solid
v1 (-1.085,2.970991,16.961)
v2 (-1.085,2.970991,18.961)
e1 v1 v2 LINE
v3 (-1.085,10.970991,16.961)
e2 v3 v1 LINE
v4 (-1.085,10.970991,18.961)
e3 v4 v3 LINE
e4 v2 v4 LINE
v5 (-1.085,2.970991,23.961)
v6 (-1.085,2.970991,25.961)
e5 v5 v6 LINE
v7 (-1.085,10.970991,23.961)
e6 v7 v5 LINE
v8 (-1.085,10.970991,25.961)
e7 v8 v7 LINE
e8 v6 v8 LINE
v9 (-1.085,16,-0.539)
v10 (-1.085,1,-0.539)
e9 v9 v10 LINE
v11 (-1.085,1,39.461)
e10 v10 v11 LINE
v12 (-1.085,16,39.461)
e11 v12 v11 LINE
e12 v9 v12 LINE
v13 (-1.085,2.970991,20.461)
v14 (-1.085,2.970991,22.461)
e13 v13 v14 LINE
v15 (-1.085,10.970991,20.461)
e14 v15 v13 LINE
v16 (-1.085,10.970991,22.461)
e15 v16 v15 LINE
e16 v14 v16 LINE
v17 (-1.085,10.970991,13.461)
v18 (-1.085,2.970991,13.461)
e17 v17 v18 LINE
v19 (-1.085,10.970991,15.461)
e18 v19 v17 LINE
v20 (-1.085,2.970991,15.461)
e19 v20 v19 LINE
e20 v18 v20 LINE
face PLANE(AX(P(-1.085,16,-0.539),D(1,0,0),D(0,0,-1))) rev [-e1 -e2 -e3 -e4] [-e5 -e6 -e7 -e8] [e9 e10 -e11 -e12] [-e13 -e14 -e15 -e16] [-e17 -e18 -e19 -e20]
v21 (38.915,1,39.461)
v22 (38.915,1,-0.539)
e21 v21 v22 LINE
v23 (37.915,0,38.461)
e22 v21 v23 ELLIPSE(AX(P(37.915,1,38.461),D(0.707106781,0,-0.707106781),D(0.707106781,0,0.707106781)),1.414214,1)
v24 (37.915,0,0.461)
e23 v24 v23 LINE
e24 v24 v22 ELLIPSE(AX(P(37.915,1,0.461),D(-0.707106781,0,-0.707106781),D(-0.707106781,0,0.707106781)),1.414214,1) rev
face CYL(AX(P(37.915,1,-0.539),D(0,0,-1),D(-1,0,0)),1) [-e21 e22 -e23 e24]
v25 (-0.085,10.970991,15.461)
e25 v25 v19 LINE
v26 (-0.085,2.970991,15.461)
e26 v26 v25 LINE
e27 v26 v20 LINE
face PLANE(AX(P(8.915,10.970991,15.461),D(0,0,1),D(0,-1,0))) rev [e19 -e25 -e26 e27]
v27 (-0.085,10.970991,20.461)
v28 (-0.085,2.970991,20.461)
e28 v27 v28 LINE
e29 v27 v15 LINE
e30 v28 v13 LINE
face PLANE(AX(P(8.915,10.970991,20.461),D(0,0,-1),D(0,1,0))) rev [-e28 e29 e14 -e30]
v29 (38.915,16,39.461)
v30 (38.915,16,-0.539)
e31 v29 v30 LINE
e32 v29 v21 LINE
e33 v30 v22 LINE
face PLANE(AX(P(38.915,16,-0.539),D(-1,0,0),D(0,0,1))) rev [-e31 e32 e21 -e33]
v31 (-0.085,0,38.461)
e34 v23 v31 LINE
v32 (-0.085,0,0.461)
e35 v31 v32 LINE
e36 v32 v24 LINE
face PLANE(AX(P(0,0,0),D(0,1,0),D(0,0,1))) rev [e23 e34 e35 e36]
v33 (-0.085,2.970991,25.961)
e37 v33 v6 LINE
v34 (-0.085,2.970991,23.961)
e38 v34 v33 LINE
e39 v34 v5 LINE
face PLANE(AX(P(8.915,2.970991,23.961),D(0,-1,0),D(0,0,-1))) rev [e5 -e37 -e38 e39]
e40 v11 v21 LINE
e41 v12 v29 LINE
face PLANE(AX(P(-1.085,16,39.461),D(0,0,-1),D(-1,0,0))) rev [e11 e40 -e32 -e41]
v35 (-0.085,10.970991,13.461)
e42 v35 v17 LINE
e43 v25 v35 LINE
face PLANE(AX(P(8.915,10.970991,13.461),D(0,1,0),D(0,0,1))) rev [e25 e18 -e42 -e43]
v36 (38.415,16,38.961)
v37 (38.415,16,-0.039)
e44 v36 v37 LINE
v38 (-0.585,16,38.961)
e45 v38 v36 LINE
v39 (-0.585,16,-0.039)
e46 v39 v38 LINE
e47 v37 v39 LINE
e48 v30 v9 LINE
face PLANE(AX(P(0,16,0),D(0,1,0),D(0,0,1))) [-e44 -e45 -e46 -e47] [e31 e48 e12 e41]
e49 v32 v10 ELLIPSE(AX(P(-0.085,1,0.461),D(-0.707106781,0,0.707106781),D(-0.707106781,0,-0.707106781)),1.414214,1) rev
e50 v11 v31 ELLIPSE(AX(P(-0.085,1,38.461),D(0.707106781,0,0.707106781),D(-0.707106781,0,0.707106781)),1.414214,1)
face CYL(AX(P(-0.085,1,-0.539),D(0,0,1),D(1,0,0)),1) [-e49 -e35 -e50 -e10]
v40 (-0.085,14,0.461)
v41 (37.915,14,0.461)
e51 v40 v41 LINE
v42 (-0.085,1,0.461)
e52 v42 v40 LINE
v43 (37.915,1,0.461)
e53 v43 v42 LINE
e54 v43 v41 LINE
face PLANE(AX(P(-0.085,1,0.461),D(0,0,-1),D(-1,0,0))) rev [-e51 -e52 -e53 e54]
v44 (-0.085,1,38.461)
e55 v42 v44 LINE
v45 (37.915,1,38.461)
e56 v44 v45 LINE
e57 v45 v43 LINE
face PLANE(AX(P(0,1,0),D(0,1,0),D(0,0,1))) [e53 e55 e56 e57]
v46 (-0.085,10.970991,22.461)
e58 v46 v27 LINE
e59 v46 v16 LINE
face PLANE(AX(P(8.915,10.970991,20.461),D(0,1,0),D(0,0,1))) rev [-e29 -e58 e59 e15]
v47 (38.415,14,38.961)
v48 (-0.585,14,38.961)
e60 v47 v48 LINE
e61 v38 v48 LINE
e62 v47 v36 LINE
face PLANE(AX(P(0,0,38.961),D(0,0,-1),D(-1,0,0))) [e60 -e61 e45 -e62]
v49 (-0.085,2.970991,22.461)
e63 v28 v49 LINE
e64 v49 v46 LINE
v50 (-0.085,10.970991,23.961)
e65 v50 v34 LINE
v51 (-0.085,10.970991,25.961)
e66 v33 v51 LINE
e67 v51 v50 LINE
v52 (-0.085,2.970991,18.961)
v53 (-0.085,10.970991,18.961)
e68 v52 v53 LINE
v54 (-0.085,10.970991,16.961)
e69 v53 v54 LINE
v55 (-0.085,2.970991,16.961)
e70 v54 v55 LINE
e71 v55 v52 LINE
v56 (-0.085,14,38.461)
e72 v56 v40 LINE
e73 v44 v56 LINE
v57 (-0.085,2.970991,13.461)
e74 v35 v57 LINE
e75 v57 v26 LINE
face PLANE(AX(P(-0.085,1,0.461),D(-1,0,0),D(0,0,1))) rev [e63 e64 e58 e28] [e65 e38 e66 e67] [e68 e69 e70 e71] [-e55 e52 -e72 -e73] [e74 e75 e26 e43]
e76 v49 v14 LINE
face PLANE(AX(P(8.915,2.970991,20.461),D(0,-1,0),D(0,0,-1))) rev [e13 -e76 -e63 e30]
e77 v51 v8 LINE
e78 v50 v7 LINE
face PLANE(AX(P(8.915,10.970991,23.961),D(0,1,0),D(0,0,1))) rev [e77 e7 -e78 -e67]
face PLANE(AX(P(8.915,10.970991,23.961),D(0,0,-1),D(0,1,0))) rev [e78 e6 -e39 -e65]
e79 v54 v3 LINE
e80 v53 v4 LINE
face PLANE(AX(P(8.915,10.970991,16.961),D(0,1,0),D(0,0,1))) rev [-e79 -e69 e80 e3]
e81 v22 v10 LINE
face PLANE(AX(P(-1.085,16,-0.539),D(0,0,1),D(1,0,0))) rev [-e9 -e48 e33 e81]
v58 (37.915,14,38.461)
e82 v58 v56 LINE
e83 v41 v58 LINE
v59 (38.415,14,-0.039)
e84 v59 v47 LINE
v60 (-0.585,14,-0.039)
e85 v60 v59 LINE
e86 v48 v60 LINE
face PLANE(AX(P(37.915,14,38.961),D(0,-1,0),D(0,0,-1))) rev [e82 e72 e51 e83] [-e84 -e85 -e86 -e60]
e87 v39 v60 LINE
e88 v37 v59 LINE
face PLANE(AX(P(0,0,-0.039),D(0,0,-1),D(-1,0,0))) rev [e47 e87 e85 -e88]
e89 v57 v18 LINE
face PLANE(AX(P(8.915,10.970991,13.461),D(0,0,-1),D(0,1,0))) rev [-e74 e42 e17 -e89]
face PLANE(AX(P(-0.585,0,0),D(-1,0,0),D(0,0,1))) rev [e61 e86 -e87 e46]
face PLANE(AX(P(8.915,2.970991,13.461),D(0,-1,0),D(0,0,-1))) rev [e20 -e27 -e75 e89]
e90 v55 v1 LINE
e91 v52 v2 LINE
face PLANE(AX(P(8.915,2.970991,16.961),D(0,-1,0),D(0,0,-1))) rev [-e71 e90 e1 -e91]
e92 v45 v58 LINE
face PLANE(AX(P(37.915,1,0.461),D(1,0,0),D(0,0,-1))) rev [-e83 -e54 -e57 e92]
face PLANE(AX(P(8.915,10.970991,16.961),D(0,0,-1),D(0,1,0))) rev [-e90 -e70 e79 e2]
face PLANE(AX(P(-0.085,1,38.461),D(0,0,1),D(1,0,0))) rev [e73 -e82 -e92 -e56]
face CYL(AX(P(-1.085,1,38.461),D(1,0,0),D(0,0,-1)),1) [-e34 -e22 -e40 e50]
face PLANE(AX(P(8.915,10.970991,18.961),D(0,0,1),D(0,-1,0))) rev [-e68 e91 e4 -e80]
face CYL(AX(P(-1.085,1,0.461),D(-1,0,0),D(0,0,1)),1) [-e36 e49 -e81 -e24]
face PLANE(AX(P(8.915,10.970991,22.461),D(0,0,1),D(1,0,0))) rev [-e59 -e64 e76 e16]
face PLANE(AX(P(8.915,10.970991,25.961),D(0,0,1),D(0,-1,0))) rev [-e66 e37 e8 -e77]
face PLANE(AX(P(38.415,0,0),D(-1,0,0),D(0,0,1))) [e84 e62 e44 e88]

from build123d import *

# Parameters (mm, degrees)
SKETCH_1_W          = 40
SKETCH_1_H          = 40
EXTRUDE_1_DEPTH     = 16
SKETCH_2_W          = 38
SKETCH_2_H          = 38
CUT_EXTRUDE_2_DEPTH = 15
FILLET_2_R          = 1
SKETCH_5_W          = 38
SKETCH_5_H          = 2
CUT_EXTRUDE_4_DEPTH = 0.5
SKETCH_6_W          = 38.5
SKETCH_6_H          = 2
CUT_EXTRUDE_5_DEPTH = 0.5
SKETCH_7_W          = 38.5
SKETCH_7_H          = 2
CUT_EXTRUDE_6_DEPTH = 0.5
SKETCH_8_W          = 39
SKETCH_8_H          = 2
CUT_EXTRUDE_7_DEPTH = 0.5
SKETCH_9_W          = 2
SKETCH_9_H          = 8
CUT_EXTRUDE_9_DEPTH = 10


with BuildPart() as part:
    # Эскиз1 → Бобышка-Вытянуть1 (new body)
    with BuildSketch(Plane(origin=(0, 0, 0), x_dir=(1, 0, 0), z_dir=(0, 1, 0))):
        with Locations((18.915, -19.461)):
            Rectangle(SKETCH_1_W, SKETCH_1_H)
    extrude(amount=EXTRUDE_1_DEPTH)

    # Эскиз2 → Вырез-Вытянуть2 (cut)
    with BuildSketch(Plane(origin=(0, 16, 0), x_dir=(1, 0, 0), z_dir=(0, 1, 0))):
        with Locations((18.915, -19.461)):
            Rectangle(SKETCH_2_W, SKETCH_2_H)
    extrude(amount=-CUT_EXTRUDE_2_DEPTH, mode=Mode.SUBTRACT)

    # Скругление2
    fillet_2_edges = [part.edges().sort_by_distance(p)[0] for p in [
        (18.915, 0, -0.539),
        (38.915, 0, 19.461),
        (18.915, 0, 39.461),
        (-1.085, 0, 19.461),
    ]]
    fillet(fillet_2_edges, radius=FILLET_2_R)

    # Эскиз5 → Вырез-Вытянуть4 (cut)
    with BuildSketch(Plane(origin=(0, 0, 38.461), x_dir=(-1, 0, 0), z_dir=(0, 0, -1))):
        with Locations((-18.915, 15)):
            Rectangle(SKETCH_5_W, SKETCH_5_H)
    extrude(amount=-CUT_EXTRUDE_4_DEPTH, mode=Mode.SUBTRACT)

    # Эскиз6 → Вырез-Вытянуть5 (cut)
    with BuildSketch(Plane(origin=(-0.085, 0, 0), x_dir=(0, 0, -1), z_dir=(1, 0, 0))):
        with Locations((-19.711, 15)):
            Rectangle(SKETCH_6_W, SKETCH_6_H)
    extrude(amount=-CUT_EXTRUDE_5_DEPTH, mode=Mode.SUBTRACT)

    # Эскиз7 → Вырез-Вытянуть6 (cut)
    with BuildSketch(Plane.XY.offset(0.461)):
        with Locations((18.665, 15)):
            Rectangle(SKETCH_7_W, SKETCH_7_H)
    extrude(amount=-CUT_EXTRUDE_6_DEPTH, mode=Mode.SUBTRACT)

    # Эскиз8 → Вырез-Вытянуть7 (cut)
    with BuildSketch(Plane.ZY.offset(-37.915)):
        with Locations((19.461, 15)):
            Rectangle(SKETCH_8_W, SKETCH_8_H)
    extrude(amount=-CUT_EXTRUDE_7_DEPTH, mode=Mode.SUBTRACT)

    # Эскиз9 → Вырез-Вытянуть9 (cut)
    with BuildSketch(Plane.ZY.offset(1.085)):
        with Locations((17.961, 6.970991383)):
            Rectangle(SKETCH_9_W, SKETCH_9_H)
        with Locations((14.461, 6.970991383)):
            Rectangle(SKETCH_9_W, SKETCH_9_H)
        with Locations((21.461, 6.970991383)):
            Rectangle(SKETCH_9_W, SKETCH_9_H)
        with Locations((24.961, 6.970991383)):
            Rectangle(SKETCH_9_W, SKETCH_9_H)
    extrude(amount=-CUT_EXTRUDE_9_DEPTH, mode=Mode.SUBTRACT)


solid = part.part
